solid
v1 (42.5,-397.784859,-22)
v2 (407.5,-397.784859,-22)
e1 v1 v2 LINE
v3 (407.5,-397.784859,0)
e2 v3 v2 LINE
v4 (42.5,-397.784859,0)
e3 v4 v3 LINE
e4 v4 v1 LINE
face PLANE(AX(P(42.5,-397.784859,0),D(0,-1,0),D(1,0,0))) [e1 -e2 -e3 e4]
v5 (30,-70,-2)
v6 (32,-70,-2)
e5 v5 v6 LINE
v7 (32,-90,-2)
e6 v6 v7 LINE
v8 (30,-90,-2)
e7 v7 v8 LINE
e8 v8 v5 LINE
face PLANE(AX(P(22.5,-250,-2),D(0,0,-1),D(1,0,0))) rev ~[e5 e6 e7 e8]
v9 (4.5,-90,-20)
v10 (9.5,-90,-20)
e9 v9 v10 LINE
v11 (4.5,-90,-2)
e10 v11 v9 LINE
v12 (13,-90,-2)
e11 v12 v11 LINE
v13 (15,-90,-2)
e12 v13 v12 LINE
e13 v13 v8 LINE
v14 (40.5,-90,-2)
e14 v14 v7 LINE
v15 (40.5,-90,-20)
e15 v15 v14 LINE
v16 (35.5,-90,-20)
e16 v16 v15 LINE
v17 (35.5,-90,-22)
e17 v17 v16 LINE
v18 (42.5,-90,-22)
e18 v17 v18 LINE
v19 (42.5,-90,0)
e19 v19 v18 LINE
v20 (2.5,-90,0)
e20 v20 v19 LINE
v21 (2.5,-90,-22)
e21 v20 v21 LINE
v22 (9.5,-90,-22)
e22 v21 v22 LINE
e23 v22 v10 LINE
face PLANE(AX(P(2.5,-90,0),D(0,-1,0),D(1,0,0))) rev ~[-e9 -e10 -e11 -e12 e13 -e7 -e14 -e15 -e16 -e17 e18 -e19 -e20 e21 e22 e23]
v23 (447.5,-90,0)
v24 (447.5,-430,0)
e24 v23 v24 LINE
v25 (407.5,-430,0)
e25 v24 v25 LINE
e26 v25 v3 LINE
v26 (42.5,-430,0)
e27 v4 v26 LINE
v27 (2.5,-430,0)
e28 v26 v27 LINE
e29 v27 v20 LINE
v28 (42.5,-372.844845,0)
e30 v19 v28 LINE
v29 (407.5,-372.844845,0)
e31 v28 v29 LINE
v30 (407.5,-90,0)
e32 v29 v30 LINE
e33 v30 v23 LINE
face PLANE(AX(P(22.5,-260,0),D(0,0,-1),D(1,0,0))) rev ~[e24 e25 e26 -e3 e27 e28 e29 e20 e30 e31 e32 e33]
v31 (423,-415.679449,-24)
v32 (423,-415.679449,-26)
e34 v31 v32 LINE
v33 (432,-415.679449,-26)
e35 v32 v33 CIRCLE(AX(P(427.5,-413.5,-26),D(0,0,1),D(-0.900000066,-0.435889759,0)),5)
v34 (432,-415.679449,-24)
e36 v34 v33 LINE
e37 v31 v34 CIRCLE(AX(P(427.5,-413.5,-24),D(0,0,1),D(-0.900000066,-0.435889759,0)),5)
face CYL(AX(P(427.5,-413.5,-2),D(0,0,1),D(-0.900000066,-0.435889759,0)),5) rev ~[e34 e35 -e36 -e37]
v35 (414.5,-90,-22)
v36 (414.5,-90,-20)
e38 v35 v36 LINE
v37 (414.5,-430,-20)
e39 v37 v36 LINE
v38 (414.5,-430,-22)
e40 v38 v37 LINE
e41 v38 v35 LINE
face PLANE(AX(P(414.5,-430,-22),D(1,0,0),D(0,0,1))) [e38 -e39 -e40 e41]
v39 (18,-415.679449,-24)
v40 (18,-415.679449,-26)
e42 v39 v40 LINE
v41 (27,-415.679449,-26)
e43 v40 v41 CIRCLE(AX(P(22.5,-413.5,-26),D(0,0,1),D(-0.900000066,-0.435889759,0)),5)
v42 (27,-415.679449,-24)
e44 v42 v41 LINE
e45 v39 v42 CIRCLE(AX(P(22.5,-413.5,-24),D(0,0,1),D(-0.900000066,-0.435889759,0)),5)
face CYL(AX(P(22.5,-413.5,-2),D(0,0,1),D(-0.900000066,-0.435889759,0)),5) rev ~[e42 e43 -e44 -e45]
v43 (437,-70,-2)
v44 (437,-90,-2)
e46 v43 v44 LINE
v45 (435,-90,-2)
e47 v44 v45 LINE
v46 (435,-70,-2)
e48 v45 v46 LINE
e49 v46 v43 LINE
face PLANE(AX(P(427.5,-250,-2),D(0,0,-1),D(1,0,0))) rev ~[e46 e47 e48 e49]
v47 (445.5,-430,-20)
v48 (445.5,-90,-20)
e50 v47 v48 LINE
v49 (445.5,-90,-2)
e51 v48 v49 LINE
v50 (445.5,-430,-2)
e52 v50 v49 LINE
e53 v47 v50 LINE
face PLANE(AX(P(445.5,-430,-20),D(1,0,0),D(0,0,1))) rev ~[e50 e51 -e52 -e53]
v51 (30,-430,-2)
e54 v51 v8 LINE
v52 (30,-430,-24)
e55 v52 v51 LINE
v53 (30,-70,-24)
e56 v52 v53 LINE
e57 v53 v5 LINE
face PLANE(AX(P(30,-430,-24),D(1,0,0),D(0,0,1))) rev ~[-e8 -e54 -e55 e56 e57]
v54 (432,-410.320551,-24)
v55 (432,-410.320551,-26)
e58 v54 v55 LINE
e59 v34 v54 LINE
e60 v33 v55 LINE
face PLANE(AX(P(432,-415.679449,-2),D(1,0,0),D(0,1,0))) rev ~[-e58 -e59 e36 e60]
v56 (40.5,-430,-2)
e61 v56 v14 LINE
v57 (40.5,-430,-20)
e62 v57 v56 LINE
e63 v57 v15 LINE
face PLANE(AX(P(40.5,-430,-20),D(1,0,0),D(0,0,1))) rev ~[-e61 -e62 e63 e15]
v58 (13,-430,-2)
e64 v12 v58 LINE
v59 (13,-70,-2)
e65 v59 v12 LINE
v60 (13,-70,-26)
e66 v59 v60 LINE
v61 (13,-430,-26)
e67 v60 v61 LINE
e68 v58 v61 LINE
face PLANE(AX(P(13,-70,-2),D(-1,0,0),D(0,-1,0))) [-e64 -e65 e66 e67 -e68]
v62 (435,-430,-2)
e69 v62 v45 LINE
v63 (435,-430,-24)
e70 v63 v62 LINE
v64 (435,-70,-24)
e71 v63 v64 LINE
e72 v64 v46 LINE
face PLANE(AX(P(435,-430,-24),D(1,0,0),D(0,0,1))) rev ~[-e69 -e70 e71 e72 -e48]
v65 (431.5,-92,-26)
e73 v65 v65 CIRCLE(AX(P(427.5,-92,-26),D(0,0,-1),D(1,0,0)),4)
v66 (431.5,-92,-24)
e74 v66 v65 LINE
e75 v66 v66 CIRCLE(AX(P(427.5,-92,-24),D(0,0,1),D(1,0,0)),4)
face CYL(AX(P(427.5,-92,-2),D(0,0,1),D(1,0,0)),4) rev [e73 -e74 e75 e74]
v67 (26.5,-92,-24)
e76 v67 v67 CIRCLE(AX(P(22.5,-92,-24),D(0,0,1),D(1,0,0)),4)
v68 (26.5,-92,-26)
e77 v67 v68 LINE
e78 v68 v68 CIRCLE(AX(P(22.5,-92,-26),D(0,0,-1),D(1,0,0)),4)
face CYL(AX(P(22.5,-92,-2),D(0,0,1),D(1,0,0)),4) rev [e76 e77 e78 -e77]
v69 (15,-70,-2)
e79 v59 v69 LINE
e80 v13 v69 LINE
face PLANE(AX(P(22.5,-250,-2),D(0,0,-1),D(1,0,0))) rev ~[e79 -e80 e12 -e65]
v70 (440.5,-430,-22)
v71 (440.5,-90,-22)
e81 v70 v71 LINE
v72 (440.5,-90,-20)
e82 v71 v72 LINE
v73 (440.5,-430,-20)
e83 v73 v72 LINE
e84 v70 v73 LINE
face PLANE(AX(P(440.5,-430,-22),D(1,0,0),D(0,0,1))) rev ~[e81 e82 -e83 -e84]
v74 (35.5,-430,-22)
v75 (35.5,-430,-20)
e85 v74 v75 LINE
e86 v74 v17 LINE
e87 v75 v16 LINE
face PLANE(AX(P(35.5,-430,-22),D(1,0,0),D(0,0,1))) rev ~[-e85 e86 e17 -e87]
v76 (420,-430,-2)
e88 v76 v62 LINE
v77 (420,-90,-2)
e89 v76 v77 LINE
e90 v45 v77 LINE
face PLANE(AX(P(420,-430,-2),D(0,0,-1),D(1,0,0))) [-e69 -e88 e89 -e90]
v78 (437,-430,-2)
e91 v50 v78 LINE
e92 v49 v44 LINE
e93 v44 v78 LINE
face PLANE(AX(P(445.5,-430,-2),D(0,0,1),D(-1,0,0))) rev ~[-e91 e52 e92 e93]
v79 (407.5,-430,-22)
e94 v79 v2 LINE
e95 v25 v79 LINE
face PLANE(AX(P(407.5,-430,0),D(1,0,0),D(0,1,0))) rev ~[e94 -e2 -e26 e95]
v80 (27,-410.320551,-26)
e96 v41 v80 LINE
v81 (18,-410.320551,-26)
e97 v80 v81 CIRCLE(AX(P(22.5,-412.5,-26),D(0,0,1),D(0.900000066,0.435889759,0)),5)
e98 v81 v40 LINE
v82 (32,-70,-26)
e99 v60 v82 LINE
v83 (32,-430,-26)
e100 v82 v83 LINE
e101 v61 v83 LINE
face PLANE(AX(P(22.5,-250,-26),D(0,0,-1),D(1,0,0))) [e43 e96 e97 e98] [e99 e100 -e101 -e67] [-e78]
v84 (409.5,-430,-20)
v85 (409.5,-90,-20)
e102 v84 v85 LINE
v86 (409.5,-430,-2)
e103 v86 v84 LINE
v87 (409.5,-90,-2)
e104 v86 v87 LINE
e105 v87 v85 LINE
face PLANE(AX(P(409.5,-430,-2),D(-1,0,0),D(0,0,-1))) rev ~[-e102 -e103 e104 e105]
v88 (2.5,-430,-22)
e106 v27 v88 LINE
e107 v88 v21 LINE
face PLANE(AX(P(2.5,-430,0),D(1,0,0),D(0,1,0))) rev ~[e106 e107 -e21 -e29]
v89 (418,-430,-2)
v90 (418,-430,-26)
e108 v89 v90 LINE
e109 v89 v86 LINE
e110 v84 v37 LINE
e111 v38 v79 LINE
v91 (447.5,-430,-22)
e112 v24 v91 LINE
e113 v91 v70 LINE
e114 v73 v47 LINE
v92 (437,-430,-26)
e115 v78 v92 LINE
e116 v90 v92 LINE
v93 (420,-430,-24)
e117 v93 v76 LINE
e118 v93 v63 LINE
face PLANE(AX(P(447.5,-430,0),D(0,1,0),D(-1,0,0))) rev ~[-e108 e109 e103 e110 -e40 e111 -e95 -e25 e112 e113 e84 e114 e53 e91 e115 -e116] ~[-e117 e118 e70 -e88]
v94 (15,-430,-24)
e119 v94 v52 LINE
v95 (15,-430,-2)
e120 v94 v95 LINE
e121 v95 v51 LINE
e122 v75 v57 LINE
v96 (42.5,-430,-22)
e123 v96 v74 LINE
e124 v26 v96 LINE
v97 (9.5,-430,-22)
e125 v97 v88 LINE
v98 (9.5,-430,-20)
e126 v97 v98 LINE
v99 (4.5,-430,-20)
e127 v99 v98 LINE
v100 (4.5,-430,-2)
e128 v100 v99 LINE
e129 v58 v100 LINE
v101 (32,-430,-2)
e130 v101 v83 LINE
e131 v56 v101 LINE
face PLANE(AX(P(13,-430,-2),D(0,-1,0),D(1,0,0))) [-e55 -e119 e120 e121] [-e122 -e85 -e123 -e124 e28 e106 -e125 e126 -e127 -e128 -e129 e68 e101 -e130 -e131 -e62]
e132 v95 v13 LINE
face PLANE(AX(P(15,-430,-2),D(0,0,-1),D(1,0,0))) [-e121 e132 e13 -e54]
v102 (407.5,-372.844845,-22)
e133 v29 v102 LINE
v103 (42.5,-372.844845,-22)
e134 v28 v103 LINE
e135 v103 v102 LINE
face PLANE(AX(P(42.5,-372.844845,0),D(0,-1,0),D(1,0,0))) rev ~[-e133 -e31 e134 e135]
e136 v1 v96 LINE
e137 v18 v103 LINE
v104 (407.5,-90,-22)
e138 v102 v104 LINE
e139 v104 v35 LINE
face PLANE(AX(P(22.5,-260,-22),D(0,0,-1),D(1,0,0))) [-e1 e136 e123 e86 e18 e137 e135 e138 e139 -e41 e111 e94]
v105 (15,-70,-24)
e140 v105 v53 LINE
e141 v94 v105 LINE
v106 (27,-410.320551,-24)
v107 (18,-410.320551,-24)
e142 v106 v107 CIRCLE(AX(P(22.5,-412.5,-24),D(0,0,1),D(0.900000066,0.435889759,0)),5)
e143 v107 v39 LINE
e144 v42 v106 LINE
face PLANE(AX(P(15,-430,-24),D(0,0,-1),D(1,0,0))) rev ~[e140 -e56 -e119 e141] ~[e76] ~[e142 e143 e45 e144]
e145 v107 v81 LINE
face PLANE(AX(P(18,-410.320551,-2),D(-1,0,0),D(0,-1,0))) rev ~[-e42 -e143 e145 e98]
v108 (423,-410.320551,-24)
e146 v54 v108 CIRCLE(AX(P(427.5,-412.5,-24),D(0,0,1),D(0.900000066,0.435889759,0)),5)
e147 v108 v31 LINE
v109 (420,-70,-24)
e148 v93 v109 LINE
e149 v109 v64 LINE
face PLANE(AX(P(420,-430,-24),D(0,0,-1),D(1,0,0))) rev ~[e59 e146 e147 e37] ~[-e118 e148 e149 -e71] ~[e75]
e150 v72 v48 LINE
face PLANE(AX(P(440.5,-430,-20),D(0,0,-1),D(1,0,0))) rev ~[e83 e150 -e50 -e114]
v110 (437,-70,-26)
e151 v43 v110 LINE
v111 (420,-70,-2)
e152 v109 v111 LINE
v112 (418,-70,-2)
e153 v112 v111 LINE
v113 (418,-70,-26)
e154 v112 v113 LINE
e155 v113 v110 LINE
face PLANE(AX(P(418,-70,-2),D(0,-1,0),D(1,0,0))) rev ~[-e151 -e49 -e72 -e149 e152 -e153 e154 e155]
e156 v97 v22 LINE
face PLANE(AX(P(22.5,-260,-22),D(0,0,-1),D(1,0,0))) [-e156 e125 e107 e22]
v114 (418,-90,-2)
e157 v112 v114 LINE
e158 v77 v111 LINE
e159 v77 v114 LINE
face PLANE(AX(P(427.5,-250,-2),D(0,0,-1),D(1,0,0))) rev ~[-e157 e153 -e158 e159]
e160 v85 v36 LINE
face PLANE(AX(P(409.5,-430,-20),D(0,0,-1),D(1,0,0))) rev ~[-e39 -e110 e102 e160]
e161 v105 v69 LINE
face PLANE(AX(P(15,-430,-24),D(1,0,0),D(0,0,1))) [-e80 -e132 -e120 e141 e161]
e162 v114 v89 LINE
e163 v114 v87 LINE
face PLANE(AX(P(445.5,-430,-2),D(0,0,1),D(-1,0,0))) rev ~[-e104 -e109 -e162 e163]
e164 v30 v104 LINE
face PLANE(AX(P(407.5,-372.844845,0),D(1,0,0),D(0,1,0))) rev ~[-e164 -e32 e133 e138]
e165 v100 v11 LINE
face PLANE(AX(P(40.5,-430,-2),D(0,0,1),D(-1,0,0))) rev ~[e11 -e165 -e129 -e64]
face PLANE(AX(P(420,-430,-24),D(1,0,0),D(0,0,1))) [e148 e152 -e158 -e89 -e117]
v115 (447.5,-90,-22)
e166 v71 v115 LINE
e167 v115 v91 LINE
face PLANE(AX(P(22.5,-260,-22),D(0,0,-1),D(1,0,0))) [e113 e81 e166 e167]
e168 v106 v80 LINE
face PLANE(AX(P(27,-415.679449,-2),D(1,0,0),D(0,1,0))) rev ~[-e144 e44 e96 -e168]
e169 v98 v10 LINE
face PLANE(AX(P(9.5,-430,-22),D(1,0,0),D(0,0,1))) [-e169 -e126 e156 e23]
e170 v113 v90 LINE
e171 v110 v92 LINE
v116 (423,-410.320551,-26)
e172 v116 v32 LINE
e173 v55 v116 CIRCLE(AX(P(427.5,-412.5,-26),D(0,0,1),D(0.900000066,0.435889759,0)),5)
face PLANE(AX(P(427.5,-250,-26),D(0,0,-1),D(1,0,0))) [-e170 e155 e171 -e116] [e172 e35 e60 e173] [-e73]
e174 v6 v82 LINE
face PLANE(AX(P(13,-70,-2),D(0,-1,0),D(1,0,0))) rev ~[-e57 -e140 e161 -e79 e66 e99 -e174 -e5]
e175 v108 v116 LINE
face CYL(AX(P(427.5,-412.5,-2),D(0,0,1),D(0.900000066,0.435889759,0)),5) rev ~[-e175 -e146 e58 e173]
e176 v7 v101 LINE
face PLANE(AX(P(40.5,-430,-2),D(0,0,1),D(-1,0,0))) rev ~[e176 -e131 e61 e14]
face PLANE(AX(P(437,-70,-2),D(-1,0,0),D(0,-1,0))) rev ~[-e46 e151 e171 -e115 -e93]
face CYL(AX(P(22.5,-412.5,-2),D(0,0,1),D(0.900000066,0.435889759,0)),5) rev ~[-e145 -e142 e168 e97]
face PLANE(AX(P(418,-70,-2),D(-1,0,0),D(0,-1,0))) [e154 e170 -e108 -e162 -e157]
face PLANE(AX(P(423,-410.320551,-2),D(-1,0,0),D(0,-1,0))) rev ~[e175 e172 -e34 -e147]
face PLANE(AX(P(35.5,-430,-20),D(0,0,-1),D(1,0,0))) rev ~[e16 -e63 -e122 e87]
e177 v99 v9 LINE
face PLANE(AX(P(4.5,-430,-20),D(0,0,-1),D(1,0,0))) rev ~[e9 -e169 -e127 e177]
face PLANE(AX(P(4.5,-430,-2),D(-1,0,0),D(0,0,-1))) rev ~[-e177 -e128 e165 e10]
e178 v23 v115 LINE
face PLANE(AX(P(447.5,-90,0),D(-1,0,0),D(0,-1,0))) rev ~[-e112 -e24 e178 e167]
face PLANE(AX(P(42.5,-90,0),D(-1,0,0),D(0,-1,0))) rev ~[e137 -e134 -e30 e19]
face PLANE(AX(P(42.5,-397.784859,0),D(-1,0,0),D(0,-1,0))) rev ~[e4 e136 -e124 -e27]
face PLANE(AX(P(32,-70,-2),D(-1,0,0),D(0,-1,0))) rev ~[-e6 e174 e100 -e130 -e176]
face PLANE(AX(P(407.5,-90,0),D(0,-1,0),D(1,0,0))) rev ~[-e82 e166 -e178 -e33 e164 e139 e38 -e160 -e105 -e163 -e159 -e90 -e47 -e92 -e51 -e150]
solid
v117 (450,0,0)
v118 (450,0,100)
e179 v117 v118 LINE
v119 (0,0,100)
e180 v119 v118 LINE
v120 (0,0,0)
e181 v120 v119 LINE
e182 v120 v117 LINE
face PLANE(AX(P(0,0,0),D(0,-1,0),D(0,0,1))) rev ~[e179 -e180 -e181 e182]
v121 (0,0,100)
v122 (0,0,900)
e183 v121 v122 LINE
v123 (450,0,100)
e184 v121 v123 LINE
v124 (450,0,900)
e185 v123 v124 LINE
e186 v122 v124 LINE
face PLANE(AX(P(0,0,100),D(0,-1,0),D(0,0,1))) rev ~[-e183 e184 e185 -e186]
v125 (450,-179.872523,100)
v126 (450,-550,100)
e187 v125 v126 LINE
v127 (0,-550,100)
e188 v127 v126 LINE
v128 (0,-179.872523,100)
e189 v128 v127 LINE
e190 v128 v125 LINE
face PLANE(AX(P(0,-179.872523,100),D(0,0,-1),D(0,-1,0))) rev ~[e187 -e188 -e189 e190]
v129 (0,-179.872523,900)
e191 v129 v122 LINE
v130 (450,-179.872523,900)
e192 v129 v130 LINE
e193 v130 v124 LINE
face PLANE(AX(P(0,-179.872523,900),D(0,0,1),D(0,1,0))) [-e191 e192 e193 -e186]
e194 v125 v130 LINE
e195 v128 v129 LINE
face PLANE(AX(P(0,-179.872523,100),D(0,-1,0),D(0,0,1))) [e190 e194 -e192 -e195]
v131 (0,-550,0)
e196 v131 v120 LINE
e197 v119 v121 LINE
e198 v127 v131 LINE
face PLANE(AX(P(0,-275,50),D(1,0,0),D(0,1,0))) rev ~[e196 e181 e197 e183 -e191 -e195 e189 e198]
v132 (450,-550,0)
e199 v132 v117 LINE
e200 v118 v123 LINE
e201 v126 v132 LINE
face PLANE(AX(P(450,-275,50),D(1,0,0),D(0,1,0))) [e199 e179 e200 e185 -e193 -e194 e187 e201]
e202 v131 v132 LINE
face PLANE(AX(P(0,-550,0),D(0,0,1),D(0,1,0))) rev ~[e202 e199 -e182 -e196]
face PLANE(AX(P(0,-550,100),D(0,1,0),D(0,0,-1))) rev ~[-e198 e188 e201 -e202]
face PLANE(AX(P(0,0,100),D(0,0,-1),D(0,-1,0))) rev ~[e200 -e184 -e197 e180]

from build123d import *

# Parameters (mm, degrees)
F0_W     = 179.872523
F0_H     = 800
F1_DEPTH = 450
F2_W     = 365
F2_H     = 24.940014
F3_DEPTH = 22
F4_W     = 26
F4_H     = 2
F5_DEPTH = 372
F6_W     = 19
F6_H     = 360
F6_R     = 4
F7_DEPTH = 24
F8_W     = 15
F8_H     = 22
F9_DEPTH = 420


with BuildPart() as f1:
    # F0 (on Right) → F1 (new body)
    with BuildSketch(Plane.YZ):
        Polygon((-550, 0), (0, 0), (0, 100), (-179.872523, 100), (-550, 100), align=None)
        with Locations((-89.936262, 500)):
            Rectangle(F0_W, F0_H)
    extrude(amount=F1_DEPTH)


with BuildPart() as f3:
    # F2 (on face) → F3 (new body)
    with BuildSketch(Plane(origin=(0, 0, 0), x_dir=(1, 0, 0), z_dir=(0, 0, -1))):
        Polygon((42.5, 430), (2.5, 430), (2.5, 90), (42.5, 90), (42.5, 372.844845), (42.5, 397.784859), align=None)
        with Locations((225, 385.314852)):
            Rectangle(F2_W, F2_H)
        Polygon((407.5, 430), (407.5, 397.784859), (407.5, 372.844845), (407.5, 90), (447.5, 90), (447.5, 430), align=None)
    extrude(amount=F3_DEPTH)

    # F4 (on face) → F5 (cut)
    with BuildSketch(Plane.XZ.offset(430)):
        Polygon((40.5, -2), (4.5, -2), (4.5, -20), (9.5, -20), (35.5, -20), (40.5, -20), align=None)
        with Locations((22.5, -21)):
            Rectangle(F4_W, F4_H)
        with Locations((427.5, -21)):
            Rectangle(F4_W, F4_H)
        Polygon((409.5, -20), (414.5, -20), (440.5, -20), (445.5, -20), (445.5, -2), (409.5, -2), align=None)
    extrude(amount=-F5_DEPTH, mode=Mode.SUBTRACT)

    # F6 (on face) → F7 (join)
    with BuildSketch(Plane(origin=(0, 0, -2), x_dir=(1, 0, 0), z_dir=(0, 0, -1))):
        with Locations((22.5, 250)):
            Rectangle(F6_W, F6_H)
        with Locations((22.5, 92)):
            Circle(F6_R, mode=Mode.SUBTRACT)
        with BuildLine():
            Line((18, 410.320551), (18, 415.679449))
            ThreePointArc((18, 415.679449), (22.5, 418.5), (27, 415.679449))
            Line((27, 415.679449), (27, 410.320551))
            ThreePointArc((27, 410.320551), (22.5, 407.5), (18, 410.320551))
        make_face(mode=Mode.SUBTRACT)
        with Locations((427.5, 250)):
            Rectangle(F6_W, F6_H)
        with Locations((427.5, 92)):
            Circle(F6_R, mode=Mode.SUBTRACT)
        with BuildLine():
            ThreePointArc((423, 415.679449), (427.5, 418.5), (432, 415.679449))
            Line((432, 415.679449), (432, 410.320551))
            ThreePointArc((432, 410.320551), (427.5, 407.5), (423, 410.320551))
            Line((423, 410.320551), (423, 415.679449))
        make_face(mode=Mode.SUBTRACT)
    extrude(amount=F7_DEPTH)

    # F8 (on face) → F9 (cut)
    with BuildSketch(Plane.XZ.offset(430)):
        with Locations((22.5, -13)):
            Rectangle(F8_W, F8_H)
        with Locations((427.5, -13)):
            Rectangle(F8_W, F8_H)
    extrude(amount=-F9_DEPTH, mode=Mode.SUBTRACT)


solid = Compound([f1.part, f3.part])
